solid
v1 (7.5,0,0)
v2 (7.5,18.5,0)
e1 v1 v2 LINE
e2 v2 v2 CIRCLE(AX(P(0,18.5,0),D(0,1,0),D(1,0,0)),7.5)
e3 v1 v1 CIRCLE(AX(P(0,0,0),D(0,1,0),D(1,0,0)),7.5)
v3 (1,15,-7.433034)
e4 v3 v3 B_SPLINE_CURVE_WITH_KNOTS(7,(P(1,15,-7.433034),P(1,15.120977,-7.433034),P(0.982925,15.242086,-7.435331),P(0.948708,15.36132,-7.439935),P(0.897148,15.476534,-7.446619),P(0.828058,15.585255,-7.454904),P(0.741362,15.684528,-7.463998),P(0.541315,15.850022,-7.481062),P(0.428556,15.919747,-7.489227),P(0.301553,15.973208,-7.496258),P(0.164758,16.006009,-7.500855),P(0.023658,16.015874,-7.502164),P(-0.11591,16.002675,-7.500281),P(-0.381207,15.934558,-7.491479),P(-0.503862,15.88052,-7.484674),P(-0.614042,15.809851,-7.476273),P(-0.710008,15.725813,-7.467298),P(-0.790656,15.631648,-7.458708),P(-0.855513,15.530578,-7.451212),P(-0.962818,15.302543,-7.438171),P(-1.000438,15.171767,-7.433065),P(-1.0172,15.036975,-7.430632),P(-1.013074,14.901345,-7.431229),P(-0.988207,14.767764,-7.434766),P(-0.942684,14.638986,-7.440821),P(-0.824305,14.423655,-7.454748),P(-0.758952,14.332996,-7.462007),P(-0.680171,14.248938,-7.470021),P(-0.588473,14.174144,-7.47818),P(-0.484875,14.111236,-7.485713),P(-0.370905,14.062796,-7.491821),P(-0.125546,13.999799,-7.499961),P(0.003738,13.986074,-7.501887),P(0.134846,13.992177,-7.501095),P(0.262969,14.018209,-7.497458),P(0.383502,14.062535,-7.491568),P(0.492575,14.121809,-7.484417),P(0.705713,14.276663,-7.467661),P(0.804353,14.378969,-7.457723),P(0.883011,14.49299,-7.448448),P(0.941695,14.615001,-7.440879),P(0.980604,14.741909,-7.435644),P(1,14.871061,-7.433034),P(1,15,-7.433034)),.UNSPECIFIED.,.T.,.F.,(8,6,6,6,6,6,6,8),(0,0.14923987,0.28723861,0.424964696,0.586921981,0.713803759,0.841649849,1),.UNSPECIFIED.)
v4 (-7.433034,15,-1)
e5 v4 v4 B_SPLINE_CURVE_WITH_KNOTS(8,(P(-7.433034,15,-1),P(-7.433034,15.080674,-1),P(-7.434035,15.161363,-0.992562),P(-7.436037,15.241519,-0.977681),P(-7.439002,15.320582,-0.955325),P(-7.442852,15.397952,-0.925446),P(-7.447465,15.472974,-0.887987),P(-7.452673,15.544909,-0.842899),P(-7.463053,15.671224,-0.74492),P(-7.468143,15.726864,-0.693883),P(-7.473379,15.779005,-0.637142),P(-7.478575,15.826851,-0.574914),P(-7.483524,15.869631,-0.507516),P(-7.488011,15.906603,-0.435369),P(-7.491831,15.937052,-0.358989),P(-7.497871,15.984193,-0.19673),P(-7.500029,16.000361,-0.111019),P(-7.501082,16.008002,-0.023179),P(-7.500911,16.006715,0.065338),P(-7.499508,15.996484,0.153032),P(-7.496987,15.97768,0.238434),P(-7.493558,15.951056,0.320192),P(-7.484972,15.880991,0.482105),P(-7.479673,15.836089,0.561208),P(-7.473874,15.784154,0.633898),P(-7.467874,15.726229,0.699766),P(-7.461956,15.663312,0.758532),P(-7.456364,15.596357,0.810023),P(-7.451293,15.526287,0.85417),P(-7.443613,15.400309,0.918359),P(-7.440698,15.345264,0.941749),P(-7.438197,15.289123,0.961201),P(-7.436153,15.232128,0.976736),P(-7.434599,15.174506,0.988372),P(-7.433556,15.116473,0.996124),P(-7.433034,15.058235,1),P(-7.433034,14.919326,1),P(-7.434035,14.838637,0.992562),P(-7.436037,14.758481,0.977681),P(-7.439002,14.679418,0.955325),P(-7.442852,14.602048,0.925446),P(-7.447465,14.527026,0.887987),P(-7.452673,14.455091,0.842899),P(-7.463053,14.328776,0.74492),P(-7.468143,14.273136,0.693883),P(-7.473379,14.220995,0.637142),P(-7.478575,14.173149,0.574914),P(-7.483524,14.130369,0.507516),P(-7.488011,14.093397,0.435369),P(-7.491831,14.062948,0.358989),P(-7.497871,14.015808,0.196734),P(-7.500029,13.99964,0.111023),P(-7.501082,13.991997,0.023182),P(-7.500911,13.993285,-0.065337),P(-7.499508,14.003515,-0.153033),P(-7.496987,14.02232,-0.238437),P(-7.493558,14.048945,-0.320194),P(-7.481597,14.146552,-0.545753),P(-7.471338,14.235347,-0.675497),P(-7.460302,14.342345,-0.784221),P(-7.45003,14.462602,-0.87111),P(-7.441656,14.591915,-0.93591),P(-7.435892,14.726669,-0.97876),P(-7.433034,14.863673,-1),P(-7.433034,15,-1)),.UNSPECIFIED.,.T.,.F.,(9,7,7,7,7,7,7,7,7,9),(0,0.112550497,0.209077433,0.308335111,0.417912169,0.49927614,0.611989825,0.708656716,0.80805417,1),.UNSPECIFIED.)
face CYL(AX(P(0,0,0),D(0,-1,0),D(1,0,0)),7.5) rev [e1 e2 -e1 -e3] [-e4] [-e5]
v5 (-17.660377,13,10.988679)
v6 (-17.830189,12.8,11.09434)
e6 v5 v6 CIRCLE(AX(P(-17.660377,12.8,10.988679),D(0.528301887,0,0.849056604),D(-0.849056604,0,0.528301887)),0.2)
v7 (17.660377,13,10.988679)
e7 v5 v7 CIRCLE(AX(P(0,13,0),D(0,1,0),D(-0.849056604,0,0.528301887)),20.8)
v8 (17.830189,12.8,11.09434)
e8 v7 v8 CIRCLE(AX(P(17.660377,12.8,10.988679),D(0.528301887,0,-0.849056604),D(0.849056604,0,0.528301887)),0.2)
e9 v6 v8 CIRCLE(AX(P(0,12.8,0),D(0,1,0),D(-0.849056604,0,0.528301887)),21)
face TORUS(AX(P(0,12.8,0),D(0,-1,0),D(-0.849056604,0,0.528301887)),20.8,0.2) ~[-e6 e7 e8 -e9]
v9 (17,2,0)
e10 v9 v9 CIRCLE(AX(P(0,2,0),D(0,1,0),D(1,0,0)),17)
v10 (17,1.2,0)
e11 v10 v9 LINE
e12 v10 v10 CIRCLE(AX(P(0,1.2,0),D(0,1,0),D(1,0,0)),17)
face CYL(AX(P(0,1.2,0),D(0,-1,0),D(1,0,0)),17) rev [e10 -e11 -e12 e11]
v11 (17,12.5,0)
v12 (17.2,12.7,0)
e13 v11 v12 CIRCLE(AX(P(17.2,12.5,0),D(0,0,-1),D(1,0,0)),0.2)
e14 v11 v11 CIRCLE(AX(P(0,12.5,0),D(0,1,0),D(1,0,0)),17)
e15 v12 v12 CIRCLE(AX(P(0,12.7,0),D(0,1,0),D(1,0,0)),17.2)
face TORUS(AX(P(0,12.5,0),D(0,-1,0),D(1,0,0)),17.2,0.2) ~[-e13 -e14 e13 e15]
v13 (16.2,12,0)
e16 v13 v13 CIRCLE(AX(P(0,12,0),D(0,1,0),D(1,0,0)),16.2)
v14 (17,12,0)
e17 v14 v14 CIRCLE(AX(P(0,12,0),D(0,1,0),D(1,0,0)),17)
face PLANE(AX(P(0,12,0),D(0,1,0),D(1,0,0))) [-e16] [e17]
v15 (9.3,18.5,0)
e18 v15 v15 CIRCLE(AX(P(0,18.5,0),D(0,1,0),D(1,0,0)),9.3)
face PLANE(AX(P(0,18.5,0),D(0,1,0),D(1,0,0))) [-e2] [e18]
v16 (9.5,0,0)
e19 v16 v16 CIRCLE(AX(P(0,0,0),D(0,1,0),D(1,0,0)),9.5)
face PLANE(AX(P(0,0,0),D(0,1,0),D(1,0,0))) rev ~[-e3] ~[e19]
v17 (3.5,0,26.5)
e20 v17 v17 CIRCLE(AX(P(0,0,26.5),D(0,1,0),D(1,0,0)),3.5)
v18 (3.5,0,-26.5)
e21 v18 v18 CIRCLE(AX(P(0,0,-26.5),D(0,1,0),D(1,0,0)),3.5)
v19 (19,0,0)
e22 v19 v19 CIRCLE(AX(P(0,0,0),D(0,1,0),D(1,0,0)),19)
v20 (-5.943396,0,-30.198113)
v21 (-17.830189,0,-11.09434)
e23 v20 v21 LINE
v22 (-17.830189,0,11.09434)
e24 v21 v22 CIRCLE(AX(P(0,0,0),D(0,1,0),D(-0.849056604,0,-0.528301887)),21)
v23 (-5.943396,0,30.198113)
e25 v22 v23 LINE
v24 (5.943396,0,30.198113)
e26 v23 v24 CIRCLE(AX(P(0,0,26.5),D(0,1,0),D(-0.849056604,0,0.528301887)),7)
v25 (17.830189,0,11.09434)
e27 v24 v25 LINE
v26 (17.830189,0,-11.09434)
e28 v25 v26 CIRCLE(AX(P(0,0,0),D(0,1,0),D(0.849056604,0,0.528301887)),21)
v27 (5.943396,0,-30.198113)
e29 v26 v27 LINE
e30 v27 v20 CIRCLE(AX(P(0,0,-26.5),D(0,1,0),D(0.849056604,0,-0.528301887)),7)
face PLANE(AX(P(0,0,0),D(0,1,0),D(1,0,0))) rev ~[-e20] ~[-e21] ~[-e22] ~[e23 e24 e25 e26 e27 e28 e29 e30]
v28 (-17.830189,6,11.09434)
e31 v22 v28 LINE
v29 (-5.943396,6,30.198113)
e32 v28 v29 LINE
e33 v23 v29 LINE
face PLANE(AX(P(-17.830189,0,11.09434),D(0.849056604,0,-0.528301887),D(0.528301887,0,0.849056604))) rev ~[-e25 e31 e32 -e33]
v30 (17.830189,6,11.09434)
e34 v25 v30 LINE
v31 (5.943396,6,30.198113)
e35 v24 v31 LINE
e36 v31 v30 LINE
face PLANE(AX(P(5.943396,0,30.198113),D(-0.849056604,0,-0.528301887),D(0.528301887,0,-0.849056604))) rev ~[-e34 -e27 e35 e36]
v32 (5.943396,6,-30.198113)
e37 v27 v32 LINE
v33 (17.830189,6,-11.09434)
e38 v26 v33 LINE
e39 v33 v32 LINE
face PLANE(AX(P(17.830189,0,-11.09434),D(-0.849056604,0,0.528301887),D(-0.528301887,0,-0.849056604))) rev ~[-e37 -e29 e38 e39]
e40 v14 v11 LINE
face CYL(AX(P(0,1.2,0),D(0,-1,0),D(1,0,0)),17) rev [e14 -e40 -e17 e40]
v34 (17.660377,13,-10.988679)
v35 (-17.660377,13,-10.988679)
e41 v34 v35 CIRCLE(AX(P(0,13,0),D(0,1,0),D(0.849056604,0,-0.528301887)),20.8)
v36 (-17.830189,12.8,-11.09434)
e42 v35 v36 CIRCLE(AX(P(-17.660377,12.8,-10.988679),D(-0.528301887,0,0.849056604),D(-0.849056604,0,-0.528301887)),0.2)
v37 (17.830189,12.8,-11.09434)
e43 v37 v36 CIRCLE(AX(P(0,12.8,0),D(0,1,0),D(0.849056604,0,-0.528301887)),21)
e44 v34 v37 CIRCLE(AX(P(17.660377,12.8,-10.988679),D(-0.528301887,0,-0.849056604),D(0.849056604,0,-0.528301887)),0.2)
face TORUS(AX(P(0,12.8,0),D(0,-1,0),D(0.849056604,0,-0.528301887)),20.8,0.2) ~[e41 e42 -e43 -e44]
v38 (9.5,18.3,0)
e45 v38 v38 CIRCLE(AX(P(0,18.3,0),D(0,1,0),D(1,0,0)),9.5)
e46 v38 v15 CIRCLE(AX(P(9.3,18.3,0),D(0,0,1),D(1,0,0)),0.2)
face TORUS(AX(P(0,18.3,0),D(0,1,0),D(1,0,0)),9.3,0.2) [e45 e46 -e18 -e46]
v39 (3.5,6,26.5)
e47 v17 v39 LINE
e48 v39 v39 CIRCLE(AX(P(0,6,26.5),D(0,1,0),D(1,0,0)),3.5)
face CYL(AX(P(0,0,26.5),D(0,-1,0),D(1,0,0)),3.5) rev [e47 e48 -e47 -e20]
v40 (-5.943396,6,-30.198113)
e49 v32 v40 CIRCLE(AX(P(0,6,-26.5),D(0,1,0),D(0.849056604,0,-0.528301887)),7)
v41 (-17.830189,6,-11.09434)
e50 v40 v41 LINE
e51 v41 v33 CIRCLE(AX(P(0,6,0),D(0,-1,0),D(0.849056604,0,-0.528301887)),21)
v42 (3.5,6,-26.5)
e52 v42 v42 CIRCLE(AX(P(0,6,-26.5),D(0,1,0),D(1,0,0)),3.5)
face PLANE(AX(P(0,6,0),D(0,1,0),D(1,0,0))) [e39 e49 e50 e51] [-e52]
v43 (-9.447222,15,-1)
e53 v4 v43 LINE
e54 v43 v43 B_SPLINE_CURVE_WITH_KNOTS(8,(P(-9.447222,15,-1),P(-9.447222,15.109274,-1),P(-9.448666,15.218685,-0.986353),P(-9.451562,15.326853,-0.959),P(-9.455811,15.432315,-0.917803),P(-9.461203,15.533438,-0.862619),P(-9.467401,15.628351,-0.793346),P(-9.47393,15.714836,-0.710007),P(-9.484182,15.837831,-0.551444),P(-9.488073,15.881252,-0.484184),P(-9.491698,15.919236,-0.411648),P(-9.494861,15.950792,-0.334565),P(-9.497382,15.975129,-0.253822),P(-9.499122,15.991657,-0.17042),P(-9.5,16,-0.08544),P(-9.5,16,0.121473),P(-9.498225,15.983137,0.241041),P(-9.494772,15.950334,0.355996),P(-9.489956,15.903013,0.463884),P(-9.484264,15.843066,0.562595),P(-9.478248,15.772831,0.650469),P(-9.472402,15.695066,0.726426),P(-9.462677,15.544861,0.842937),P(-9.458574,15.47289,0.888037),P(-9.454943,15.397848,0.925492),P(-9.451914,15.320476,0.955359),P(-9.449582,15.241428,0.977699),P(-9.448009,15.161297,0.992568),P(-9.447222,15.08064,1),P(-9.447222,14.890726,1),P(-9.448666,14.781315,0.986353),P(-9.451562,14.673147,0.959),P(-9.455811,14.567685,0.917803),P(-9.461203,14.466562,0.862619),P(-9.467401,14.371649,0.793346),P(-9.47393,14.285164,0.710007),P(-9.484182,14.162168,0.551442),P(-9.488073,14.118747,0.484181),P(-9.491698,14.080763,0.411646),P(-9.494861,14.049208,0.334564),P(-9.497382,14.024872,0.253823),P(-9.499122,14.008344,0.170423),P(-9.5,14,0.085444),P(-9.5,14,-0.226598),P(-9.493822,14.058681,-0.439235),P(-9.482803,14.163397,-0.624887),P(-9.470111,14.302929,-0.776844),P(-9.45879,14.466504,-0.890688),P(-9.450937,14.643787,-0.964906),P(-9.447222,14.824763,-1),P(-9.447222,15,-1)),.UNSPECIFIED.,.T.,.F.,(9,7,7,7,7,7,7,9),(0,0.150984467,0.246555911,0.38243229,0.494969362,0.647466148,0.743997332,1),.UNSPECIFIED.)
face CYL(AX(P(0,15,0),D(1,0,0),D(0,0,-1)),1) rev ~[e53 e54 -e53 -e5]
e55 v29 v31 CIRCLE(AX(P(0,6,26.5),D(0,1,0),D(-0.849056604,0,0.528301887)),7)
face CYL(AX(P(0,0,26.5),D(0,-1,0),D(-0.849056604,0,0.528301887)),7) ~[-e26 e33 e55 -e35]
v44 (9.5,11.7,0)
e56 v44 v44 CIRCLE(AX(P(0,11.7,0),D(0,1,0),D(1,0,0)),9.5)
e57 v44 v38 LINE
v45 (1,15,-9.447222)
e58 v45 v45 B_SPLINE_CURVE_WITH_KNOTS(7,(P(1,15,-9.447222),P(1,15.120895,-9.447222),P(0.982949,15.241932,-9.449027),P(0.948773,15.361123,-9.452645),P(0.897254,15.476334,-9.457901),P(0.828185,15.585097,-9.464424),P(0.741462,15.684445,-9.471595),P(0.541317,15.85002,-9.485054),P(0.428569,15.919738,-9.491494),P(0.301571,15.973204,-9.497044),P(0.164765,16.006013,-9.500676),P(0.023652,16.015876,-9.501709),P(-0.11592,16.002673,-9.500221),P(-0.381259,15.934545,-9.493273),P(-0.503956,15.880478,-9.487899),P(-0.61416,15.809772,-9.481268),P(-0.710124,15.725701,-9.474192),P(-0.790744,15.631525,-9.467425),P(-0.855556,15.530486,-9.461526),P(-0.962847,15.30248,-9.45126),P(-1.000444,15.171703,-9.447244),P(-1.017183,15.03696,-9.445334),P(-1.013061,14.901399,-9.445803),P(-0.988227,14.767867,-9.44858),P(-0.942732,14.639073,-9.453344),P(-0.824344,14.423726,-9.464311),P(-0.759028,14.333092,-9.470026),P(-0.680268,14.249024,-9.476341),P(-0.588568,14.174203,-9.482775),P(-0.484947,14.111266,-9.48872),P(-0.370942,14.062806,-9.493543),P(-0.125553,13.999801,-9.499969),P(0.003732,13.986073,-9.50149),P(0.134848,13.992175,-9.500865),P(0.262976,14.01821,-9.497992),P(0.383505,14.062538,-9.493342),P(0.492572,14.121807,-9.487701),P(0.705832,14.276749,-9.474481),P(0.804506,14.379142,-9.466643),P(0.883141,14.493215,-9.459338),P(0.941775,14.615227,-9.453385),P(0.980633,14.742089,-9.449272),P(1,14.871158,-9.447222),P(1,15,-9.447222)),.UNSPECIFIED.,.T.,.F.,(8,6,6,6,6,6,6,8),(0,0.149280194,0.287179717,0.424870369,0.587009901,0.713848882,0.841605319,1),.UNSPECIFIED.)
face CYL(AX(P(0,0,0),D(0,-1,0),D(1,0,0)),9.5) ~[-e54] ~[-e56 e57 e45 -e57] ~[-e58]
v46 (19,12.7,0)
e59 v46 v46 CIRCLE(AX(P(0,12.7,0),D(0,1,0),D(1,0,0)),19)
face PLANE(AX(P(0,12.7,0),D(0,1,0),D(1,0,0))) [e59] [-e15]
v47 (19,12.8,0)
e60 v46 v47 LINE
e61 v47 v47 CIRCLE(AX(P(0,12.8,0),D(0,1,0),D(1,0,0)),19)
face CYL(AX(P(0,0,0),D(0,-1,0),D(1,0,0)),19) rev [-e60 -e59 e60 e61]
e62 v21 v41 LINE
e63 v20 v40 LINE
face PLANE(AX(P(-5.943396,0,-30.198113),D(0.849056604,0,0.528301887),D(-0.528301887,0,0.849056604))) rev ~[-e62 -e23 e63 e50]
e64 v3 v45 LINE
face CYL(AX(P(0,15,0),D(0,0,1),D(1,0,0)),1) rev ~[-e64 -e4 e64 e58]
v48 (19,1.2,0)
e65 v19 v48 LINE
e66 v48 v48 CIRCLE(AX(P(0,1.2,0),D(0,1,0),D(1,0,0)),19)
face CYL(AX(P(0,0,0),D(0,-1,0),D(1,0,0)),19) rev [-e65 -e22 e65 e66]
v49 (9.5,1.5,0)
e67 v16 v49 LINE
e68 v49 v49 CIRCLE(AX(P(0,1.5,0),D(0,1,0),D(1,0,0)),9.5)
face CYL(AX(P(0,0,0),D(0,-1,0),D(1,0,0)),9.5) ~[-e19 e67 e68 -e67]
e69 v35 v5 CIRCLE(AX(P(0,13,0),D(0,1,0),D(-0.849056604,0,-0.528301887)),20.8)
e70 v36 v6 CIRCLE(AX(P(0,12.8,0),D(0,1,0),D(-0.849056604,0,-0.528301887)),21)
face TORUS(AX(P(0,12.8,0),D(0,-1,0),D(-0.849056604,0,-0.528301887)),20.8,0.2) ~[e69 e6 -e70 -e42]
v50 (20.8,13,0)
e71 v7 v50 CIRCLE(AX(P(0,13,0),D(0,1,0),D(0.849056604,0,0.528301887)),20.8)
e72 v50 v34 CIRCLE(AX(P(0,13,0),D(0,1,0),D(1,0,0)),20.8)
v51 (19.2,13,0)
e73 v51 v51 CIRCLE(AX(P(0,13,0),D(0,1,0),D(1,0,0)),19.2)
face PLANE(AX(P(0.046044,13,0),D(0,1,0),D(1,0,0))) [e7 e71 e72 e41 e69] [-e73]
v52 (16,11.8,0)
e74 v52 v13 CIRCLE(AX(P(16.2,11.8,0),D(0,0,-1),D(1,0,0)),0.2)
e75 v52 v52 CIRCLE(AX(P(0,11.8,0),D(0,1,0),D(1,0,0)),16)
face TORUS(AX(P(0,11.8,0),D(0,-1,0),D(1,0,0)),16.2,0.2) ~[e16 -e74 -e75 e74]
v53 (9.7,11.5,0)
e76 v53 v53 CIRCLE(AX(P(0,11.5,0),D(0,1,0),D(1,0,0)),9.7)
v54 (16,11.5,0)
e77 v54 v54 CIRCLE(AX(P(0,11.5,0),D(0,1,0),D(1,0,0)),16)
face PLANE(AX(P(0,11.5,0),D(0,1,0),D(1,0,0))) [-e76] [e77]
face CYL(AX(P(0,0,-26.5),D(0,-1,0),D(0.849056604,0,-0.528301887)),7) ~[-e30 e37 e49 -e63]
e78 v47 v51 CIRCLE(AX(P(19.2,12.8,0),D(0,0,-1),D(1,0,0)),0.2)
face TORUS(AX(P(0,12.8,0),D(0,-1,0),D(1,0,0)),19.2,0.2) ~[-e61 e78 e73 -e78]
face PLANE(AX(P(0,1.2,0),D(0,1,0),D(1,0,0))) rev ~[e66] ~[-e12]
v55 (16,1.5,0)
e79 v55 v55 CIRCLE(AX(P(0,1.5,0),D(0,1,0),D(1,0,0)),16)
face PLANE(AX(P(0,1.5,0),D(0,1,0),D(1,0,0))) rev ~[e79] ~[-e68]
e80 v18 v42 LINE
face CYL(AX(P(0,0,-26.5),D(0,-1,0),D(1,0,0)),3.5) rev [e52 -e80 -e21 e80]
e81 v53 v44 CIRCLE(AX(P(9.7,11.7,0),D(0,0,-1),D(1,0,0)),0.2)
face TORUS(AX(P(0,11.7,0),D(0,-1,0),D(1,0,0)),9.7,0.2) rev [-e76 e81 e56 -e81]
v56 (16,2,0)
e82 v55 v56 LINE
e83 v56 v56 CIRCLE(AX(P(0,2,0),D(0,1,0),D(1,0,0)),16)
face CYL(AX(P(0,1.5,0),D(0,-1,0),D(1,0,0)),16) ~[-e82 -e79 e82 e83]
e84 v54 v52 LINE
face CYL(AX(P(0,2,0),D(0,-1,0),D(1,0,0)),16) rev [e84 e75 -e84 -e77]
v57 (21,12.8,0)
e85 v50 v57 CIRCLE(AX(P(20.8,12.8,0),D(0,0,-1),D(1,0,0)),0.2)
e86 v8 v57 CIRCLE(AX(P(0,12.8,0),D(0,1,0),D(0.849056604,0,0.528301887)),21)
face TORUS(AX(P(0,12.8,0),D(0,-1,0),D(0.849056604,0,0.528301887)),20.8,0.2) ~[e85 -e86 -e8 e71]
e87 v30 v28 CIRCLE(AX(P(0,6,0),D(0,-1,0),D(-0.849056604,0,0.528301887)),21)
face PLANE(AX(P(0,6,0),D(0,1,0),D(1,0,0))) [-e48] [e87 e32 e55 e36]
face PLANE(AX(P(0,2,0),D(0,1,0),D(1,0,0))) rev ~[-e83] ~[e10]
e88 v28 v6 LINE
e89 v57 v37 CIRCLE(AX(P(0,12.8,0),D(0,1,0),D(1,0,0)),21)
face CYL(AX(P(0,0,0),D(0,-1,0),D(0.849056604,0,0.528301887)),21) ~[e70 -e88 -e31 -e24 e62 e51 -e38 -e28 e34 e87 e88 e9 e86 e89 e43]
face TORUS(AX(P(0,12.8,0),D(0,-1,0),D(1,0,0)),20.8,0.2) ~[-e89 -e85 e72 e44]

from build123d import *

# Parameters (mm, degrees)
SKETCH1_R             = 3.5
SKETCH1_R_2           = 19
EXTRUDE_A1_DEPTH      = 6
SKETCH1_3_R           = 19
EXTRUDE_A_DEPTH       = 13
SKETCH1_4_R           = 9.5
SKETCH1_4_R_2         = 7.5
EXTRUDE_A0_DEPTH      = 18.5
BEARING_START         = 2
SKETCH1_7_R           = 17
SKETCH1_7_R_2         = 16
BEARING_OUTER_D_DEPTH = 10
BOSS_EXTRUDE6_START   = 1.2
SKETCH1_8_R           = 19
SKETCH1_8_R_2         = 17
BOSS_EXTRUDE6_DEPTH   = 11.5
BOSS_EXTRUDE7_START   = 1.5
SKETCH1_9_R           = 16
SKETCH1_9_R_2         = 9.5
BOSS_EXTRUDE7_DEPTH   = 10
CUT_EXTRUDE1_REACH    = 45.652
SKETCH2_R             = 1
CUT_EXTRUDE2_REACH    = 45.652
SKETCH3_R             = 1
FILLET1_R             = 0.2
FILLET2_R             = 0.2


with BuildPart() as part:
    # Sketch1 → Extrude A1 (new body)
    with BuildSketch(Plane(origin=(0, 0, 0), x_dir=(1, 0, 0), z_dir=(0, 1, 0))):
        with BuildLine():
            Line((5.943396226, -30.198113208), (17.830188679, -11.094339623))
            ThreePointArc((17.830188679, -11.094339623), (21, 0), (17.830188679, 11.094339623))
            Line((17.830188679, 11.094339623), (5.943396226, 30.198113208))
            ThreePointArc((5.943396226, 30.198113208), (0, 33.5), (-5.943396226, 30.198113208))
            Line((-5.943396226, 30.198113208), (-17.830188679, 11.094339623))
            ThreePointArc((-17.830188679, 11.094339623), (-21, 0), (-17.830188679, -11.094339623))
            Line((-17.830188679, -11.094339623), (-5.943396226, -30.198113208))
            ThreePointArc((-5.943396226, -30.198113208), (0, -33.5), (5.943396226, -30.198113208))
        make_face()
        with Locations((0, -26.5)):
            Circle(SKETCH1_R, mode=Mode.SUBTRACT)
        Circle(SKETCH1_R_2, mode=Mode.SUBTRACT)
        with Locations((0, 26.5)):
            Circle(SKETCH1_R, mode=Mode.SUBTRACT)
    extrude(amount=EXTRUDE_A1_DEPTH)

    # Sketch1<3> → Extrude A (add)
    with BuildSketch(Plane(origin=(0, 0, 0), x_dir=(1, 0, 0), z_dir=(0, 1, 0))):
        with BuildLine():
            ThreePointArc((-17.830188679, -11.094339623), (0, -21), (17.830188679, -11.094339623))
            ThreePointArc((17.830188679, -11.094339623), (20.1920029, -5.769143686), (21, 0))
            ThreePointArc((21, 0), (20.1920029, 5.769143686), (17.830188679, 11.094339623))
            ThreePointArc((17.830188679, 11.094339623), (0, 21), (-17.830188679, 11.094339623))
            ThreePointArc((-17.830188679, 11.094339623), (-21, 0), (-17.830188679, -11.094339623))
        make_face()
        Circle(SKETCH1_3_R, mode=Mode.SUBTRACT)
    extrude(amount=EXTRUDE_A_DEPTH)



with BuildPart() as body_2:
    # Sketch1<4> → Extrude A0 (new body)
    with BuildSketch(Plane(origin=(0, 0, 0), x_dir=(1, 0, 0), z_dir=(0, 1, 0))):
        Circle(SKETCH1_4_R)
        Circle(SKETCH1_4_R_2, mode=Mode.SUBTRACT)
    extrude(amount=EXTRUDE_A0_DEPTH)


with BuildPart() as body_3:
    # Sketch1<7> → Bearing outer d (new body)
    with BuildSketch(Plane(origin=(0, 0, 0), x_dir=(1, 0, 0), z_dir=(0, 1, 0)).offset(BEARING_START)):
        Circle(SKETCH1_7_R)
        Circle(SKETCH1_7_R_2, mode=Mode.SUBTRACT)
    extrude(amount=BEARING_OUTER_D_DEPTH)


with BuildPart() as part_1:
    add(part.part)

    add(body_3.part)  # Boss-Extrude6 merges body 3
    # Sketch1<8> → Boss-Extrude6 (add)
    with BuildSketch(Plane(origin=(0, 0, 0), x_dir=(1, 0, 0), z_dir=(0, 1, 0)).offset(BOSS_EXTRUDE6_START)):
        Circle(SKETCH1_8_R)
        Circle(SKETCH1_8_R_2, mode=Mode.SUBTRACT)
    extrude(amount=BOSS_EXTRUDE6_DEPTH)


    add(body_2.part)  # Boss-Extrude7 merges body 2
    # Sketch1<9> → Boss-Extrude7 (add)
    with BuildSketch(Plane(origin=(0, 0, 0), x_dir=(1, 0, 0), z_dir=(0, 1, 0)).offset(BOSS_EXTRUDE7_START)):
        Circle(SKETCH1_9_R)
        Circle(SKETCH1_9_R_2, mode=Mode.SUBTRACT)
    extrude(amount=BOSS_EXTRUDE7_DEPTH)

    # Sketch2 → Cut-Extrude1 (cut, up to next)
    with BuildSketch(Plane(origin=(0, 0, 0), x_dir=(0, 0, -1), z_dir=(1, 0, 0)), mode=Mode.PRIVATE) as cut_extrude1_sk1:
        with Locations((0, 15)):
            Circle(SKETCH2_R)
    cut_extrude1_tool1 = extrude(cut_extrude1_sk1.sketch, amount=-CUT_EXTRUDE1_REACH, mode=Mode.PRIVATE) & part_1.part
    add(cut_extrude1_tool1.solids().sort_by_distance((0, 15, 0))[0], mode=Mode.SUBTRACT)

    # Sketch3 → Cut-Extrude2 (cut, up to next)
    with BuildSketch(Plane.XY, mode=Mode.PRIVATE) as cut_extrude2_sk1:
        with Locations((0, 15)):
            Circle(SKETCH3_R)
    cut_extrude2_tool1 = extrude(cut_extrude2_sk1.sketch, amount=-CUT_EXTRUDE2_REACH, mode=Mode.PRIVATE) & part_1.part
    add(cut_extrude2_tool1.solids().sort_by_distance((0, 15, 0))[0], mode=Mode.SUBTRACT)

    # Fillet1
    fillet1_edges = [part_1.edges().sort_by_distance(p)[0] for p in [
        (-16, 12, 0),
    ]]
    fillet(fillet1_edges, radius=FILLET1_R)

    # Fillet2
    fillet2_edges = [part_1.edges().sort_by_distance(p)[0] for p in [
        (-9.5, 18.5, 0),
        (-9.5, 11.5, 0),
        (-17.830188679, 13, -11.094339623),
        (-19, 13, 0),
        (-17, 12.7, 0),
    ]]
    fillet(fillet2_edges, radius=FILLET2_R)


solid = part_1.part
